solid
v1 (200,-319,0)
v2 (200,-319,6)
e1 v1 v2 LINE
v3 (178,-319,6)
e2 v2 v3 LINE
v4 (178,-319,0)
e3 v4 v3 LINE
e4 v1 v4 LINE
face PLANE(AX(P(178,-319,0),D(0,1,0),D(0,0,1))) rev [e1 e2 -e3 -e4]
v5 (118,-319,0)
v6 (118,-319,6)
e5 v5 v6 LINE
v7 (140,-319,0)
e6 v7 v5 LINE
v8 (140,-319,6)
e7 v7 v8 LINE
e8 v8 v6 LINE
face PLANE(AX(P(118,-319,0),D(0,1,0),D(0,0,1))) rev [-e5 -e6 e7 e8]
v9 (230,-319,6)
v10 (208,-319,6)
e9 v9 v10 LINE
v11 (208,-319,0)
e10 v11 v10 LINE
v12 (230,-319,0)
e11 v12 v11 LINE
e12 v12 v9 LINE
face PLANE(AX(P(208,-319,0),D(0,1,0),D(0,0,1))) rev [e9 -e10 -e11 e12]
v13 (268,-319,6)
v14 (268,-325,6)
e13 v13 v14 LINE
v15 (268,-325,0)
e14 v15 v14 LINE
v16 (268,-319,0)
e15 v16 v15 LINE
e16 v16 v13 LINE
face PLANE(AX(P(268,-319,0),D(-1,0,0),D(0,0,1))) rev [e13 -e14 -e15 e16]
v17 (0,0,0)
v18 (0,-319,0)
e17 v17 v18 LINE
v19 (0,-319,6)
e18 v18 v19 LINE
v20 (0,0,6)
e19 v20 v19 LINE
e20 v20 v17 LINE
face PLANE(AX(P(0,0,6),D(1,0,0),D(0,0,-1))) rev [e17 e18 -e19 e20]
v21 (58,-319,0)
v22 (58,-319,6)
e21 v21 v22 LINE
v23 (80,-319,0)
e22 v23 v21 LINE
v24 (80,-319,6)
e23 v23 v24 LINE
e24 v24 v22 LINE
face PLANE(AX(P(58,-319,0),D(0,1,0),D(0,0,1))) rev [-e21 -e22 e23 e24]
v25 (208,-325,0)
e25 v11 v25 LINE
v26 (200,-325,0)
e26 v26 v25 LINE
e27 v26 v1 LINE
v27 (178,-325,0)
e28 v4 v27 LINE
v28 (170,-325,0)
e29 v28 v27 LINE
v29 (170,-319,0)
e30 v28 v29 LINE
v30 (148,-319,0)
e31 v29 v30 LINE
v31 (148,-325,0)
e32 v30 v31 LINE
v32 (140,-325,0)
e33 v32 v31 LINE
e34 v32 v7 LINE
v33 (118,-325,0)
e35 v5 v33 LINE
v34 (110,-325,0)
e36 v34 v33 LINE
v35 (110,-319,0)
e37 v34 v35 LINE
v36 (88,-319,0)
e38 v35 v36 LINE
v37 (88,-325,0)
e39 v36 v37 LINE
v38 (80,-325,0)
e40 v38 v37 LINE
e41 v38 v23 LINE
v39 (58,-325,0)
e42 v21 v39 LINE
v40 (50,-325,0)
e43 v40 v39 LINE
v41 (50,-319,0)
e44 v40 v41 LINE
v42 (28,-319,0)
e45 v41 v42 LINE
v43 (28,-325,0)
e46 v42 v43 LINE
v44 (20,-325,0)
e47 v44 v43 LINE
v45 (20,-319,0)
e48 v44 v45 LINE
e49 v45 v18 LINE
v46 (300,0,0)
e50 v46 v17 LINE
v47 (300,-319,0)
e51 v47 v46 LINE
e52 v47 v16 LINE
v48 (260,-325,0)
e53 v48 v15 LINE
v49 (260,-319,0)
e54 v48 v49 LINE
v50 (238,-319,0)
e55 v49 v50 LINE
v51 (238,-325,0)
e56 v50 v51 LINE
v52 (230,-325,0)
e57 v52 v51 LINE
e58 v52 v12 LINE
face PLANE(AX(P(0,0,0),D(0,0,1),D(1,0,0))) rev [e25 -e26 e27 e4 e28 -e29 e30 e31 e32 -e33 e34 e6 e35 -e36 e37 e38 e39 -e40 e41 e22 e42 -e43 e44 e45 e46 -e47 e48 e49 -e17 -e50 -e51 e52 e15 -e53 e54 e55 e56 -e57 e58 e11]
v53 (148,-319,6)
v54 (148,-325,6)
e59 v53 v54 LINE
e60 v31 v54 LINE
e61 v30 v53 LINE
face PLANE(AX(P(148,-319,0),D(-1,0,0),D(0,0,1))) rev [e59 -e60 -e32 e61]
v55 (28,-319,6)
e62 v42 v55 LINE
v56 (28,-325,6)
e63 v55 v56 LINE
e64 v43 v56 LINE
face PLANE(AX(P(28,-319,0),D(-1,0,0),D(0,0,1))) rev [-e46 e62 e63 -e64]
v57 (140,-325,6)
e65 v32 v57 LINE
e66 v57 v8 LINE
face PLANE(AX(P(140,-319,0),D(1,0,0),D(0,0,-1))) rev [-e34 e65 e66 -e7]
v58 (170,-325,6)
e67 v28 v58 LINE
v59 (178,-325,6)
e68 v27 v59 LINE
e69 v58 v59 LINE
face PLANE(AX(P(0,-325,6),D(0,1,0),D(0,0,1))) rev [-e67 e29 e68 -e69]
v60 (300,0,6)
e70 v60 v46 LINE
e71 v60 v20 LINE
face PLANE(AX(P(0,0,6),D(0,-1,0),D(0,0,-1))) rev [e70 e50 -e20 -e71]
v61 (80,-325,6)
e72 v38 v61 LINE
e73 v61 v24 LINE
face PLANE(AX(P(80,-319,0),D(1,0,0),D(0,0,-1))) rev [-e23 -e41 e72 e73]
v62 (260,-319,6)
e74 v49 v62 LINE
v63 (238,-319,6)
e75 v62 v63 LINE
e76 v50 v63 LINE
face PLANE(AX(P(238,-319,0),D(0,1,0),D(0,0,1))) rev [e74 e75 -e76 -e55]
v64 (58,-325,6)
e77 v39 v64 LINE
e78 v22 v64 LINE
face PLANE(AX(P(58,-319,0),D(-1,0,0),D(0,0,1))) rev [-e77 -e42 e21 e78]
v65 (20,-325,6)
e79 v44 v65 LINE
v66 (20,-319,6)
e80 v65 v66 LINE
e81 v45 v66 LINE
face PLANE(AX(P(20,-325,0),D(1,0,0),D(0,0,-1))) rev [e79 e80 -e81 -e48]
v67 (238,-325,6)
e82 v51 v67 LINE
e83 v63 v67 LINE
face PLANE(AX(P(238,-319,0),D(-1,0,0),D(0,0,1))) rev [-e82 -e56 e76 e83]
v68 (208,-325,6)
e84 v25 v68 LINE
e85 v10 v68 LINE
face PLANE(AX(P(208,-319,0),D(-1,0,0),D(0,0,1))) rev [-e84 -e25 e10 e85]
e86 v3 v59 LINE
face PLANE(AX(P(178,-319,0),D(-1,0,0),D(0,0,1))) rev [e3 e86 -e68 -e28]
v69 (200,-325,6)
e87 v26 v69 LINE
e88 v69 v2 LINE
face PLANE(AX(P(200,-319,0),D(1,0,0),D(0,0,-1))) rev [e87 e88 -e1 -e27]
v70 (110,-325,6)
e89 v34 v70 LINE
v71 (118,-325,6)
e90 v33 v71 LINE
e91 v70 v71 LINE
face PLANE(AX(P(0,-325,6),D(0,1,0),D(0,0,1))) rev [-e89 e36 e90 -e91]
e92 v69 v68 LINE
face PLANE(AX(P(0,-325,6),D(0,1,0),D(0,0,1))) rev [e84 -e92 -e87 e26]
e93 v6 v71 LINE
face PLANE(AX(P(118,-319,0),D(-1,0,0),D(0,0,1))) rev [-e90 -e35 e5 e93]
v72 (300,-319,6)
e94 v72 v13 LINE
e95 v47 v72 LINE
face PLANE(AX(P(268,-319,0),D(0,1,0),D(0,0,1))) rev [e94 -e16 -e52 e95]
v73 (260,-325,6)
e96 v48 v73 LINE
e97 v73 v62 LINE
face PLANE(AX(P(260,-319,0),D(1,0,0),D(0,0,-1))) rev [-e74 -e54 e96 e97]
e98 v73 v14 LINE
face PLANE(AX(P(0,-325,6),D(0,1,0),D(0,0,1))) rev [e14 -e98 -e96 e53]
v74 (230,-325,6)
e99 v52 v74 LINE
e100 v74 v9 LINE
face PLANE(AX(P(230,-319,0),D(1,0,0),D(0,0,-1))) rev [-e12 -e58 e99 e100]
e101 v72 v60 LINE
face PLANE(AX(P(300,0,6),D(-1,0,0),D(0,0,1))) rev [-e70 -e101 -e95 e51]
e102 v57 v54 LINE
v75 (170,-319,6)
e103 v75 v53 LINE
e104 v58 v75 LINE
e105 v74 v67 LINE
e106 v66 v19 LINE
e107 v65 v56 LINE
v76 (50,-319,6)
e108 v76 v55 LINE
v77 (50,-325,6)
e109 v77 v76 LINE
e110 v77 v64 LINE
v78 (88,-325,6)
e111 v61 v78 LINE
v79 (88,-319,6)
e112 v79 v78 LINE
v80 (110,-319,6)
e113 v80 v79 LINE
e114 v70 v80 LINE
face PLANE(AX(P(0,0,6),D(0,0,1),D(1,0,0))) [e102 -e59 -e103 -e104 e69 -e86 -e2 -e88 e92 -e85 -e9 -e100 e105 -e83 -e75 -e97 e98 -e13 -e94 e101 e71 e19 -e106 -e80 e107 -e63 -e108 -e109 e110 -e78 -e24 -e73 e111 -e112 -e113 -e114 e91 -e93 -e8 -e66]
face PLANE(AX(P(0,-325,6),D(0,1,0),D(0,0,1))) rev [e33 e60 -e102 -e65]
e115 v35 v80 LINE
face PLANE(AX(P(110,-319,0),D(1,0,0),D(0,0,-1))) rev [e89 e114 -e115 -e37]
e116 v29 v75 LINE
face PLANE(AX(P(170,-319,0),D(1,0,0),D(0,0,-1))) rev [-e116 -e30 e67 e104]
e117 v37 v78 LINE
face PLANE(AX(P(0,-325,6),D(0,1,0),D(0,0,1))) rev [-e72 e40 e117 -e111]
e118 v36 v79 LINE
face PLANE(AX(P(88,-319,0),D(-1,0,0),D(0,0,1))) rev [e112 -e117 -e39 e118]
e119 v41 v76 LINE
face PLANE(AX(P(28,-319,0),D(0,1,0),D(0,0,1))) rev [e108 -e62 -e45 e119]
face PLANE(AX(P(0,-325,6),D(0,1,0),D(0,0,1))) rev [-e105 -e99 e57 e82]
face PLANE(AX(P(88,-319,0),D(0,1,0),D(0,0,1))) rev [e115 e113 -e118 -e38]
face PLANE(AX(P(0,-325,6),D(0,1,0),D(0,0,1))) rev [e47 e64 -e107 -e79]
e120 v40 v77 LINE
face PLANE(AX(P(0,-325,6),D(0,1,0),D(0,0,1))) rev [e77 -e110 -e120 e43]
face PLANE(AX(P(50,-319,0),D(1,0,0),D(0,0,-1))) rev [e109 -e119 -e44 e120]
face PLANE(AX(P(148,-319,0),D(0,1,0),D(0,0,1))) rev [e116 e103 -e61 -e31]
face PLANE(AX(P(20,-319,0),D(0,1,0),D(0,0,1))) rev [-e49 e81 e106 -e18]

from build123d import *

# Parameters (mm, degrees)
SKETCH1_W           = 300
SKETCH1_H           = 325
BOSS_EXTRUDE1_DEPTH = 6
SKETCH2_W           = 22
SKETCH2_H           = 6
SKETCH2_W_2         = 20
SKETCH2_W_3         = 32
CUT_EXTRUDE1_DEPTH  = 443.335845258


with BuildPart() as part:
    # Sketch1 → Boss-Extrude1 (new body)
    with BuildSketch(Plane.XY):
        with Locations((150, -162.5)):
            Rectangle(SKETCH1_W, SKETCH1_H)
    extrude(amount=BOSS_EXTRUDE1_DEPTH)

    # Sketch2 → Cut-Extrude1 (cut, through all)
    with BuildSketch(Plane.XY.offset(6)):
        with Locations((39, -322)):
            Rectangle(SKETCH2_W, SKETCH2_H)
        with Locations((10, -322)):
            Rectangle(SKETCH2_W_2, SKETCH2_H)
        with Locations((69, -322)):
            Rectangle(SKETCH2_W, SKETCH2_H)
        with Locations((99, -322)):
            Rectangle(SKETCH2_W, SKETCH2_H)
        with Locations((129, -322)):
            Rectangle(SKETCH2_W, SKETCH2_H)
        with Locations((159, -322)):
            Rectangle(SKETCH2_W, SKETCH2_H)
        with Locations((189, -322)):
            Rectangle(SKETCH2_W, SKETCH2_H)
        with Locations((219, -322)):
            Rectangle(SKETCH2_W, SKETCH2_H)
        with Locations((249, -322)):
            Rectangle(SKETCH2_W, SKETCH2_H)
        with Locations((284, -322)):
            Rectangle(SKETCH2_W_3, SKETCH2_H)
    extrude(amount=-CUT_EXTRUDE1_DEPTH, mode=Mode.SUBTRACT)


solid = part.part
